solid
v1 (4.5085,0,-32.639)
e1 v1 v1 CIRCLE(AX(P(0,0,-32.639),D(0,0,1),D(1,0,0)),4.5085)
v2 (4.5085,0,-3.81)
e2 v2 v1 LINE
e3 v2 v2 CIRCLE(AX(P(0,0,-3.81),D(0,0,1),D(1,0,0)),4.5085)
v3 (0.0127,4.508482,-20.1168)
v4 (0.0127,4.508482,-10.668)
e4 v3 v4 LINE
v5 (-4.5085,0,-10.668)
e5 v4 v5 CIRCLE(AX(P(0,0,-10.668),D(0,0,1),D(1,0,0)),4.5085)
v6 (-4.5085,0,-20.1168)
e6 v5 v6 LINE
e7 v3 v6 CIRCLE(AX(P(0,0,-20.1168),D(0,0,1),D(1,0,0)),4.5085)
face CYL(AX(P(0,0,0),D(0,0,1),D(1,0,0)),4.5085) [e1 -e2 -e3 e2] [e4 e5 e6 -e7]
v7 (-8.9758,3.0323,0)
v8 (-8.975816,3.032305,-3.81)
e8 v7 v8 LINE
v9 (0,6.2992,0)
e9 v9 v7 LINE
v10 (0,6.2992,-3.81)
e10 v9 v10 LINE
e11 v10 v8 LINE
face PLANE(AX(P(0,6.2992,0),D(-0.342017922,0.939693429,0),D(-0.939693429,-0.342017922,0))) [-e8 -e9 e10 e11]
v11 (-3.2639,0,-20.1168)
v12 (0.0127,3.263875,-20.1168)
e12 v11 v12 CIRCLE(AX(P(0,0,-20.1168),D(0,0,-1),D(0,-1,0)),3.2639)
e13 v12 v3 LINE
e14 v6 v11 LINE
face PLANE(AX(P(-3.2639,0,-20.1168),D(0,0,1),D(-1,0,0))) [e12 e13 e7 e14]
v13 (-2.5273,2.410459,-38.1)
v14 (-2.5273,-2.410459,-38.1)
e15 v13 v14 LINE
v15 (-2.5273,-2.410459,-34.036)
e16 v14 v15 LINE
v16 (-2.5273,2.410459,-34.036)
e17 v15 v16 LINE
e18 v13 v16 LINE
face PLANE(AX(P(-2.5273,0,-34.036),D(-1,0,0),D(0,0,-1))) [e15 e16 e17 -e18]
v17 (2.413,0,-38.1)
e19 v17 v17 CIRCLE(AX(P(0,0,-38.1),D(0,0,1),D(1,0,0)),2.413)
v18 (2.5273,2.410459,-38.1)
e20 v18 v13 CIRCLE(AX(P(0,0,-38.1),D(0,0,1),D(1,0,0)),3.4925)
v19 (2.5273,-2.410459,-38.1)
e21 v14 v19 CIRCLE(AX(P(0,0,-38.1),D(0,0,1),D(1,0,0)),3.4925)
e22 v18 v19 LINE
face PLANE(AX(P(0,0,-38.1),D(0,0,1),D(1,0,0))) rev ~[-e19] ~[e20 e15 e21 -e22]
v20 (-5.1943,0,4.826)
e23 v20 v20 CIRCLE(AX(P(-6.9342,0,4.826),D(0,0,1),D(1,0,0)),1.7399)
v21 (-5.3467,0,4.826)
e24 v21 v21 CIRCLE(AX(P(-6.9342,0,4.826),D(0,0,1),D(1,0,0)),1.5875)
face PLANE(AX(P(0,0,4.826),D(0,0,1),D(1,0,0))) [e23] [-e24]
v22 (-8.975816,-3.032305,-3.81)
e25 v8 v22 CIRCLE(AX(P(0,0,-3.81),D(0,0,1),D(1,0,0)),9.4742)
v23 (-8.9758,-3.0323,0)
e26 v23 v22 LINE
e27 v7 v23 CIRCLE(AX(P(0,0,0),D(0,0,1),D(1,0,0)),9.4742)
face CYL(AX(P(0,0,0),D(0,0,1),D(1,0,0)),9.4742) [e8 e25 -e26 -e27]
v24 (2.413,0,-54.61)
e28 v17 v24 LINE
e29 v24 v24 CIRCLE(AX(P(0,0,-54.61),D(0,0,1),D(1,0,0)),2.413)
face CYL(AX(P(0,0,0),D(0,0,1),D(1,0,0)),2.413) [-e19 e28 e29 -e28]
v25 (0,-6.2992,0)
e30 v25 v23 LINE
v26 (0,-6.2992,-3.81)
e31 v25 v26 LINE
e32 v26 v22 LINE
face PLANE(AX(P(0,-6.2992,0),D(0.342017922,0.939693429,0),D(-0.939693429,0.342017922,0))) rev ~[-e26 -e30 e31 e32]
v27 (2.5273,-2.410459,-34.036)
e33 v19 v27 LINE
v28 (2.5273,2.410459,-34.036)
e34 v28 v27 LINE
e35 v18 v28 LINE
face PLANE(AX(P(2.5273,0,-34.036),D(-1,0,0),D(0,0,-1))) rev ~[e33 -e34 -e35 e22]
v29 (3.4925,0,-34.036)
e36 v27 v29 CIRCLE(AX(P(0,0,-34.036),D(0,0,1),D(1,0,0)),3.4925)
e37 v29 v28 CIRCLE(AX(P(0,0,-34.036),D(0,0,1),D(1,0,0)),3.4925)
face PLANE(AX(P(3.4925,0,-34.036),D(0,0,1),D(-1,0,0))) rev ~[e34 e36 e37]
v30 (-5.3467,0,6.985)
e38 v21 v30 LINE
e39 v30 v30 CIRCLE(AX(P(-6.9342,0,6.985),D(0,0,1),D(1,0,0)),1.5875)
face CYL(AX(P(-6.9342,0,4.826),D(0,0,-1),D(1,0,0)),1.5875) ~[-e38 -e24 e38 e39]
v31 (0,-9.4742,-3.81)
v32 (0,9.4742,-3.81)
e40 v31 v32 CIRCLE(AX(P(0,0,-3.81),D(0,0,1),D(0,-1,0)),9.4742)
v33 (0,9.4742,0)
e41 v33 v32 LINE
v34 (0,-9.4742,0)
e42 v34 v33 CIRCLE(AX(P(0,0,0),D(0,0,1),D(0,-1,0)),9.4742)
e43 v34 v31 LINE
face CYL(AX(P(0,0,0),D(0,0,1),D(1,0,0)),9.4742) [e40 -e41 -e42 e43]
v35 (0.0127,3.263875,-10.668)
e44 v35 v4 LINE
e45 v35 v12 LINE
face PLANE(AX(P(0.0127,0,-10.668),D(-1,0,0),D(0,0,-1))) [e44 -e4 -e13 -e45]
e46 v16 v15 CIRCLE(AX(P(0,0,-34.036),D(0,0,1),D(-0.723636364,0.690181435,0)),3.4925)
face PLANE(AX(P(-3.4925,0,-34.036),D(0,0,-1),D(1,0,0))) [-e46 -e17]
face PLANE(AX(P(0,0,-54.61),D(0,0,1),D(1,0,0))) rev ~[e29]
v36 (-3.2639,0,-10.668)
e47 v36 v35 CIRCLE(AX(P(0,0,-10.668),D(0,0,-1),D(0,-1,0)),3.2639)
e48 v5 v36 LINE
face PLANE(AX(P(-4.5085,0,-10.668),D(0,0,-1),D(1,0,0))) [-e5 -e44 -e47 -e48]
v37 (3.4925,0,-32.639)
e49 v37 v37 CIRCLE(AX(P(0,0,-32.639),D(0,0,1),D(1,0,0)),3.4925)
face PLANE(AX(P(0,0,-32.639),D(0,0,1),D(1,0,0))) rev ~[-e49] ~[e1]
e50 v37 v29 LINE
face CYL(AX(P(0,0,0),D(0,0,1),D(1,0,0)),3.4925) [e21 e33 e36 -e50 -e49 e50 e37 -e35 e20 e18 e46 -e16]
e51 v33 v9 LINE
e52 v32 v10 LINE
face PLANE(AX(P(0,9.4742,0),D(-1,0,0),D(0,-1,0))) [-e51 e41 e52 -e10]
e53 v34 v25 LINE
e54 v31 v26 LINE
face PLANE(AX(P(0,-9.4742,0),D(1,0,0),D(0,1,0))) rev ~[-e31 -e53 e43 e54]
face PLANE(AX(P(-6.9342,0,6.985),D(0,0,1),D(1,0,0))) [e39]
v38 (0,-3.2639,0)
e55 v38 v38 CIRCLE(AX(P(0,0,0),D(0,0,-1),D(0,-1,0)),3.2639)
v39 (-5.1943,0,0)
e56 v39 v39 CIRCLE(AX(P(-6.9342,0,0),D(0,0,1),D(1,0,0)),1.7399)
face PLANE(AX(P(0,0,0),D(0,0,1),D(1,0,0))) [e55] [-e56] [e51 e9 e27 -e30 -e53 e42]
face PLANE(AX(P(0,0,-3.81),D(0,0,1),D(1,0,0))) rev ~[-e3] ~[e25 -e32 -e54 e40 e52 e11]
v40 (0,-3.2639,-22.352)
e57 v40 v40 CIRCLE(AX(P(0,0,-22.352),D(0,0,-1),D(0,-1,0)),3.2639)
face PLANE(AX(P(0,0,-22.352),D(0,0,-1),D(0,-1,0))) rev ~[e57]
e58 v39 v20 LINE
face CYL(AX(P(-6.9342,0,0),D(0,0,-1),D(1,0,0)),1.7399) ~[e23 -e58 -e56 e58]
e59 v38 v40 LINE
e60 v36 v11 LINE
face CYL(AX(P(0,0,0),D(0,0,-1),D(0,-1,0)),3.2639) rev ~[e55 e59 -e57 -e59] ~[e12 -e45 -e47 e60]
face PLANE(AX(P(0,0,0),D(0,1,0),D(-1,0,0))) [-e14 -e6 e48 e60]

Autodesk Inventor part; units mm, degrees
ref_plane "YZ Plane" through (0, 0, 0) normal (1, 0, 0) x (0, 1, 0)
ref_plane "XZ Plane" through (0, 0, 0) normal (0, 1, 0) x (-1, 0, 0)
ref_plane "XY Plane" through (0, 0, 0) normal (0, 0, 1) x (1, 0, 0)
sketch "Sketch1" plane through (0, 0, 0) normal (0, 0, 1) x (1, 0, 0)
  circle A0 centre (0, 0) radius 9.4742
  dimension "d0" = 18.9484
extrude "Extrusion1" add sketch "Sketch1" against normal blind 3.81
sketch "Sketch2" plane through (0, 0, 0) normal (0, 0, 1) x (1, 0, 0)
  circle A0 centre (0, 0) radius 4.5085
  dimension "d3" = 9.017
extrude "Extrusion2" add sketch "Sketch2" against normal blind 32.639
sketch "Sketch3" plane through (0, 0, 0) normal (0, 0, 1) x (1, 0, 0)
  circle A0 centre (0, 0) radius 3.4925
  dimension "d6" = 6.985
extrude "Extrusion3" add sketch "Sketch3" against normal blind 38.1
sketch "Sketch4" plane through (0, 0, 0) normal (0, 0, 1) x (1, 0, 0)
  circle A0 centre (0, 0) radius 2.413
  dimension "d9" = 4.826
extrude "Extrusion4" add sketch "Sketch4" against normal blind 54.61
sketch "Sketch6" plane through (0, 0, 0) normal (0, 0, 1) x (1, 0, 0)
  circle A0 centre (0, 0) radius 9.4742 projected
hole "Hole1" at (0, 0, 0) direction (0, 0, -1) diameter 6.5278 depth 22.352
sketch "Sketch5" plane through (0, 0, 0) normal (0, 1, 0) x (-1, 0, 0)
  line L0 (-4.5085, -32.639) -> (4.5085, -32.639) projected
  line L1 (4.5085, -3.81) -> (-4.5085, -3.81) projected
  line L2 (-3.4925, -38.1) -> (3.4925, -38.1) projected
  line L3 (3.4925, -32.639) -> (-3.4925, -32.639) projected
  line L4 (-3.4925, -32.639) -> (-3.4925, -38.1) projected
  line L5 (-2.413, -38.1) -> (-2.413, -54.61) projected
  line L6 (3.4925, -32.639) -> (3.4925, -38.1) projected
  line L7 (4.5085, -3.81) -> (4.5085, -32.639) projected
  line L8 (-4.5085, -3.81) -> (-4.5085, -32.639) projected
  line L9 (9.4742, 0) -> (9.4742, -3.81) projected
  line L10 (-9.4742, -3.81) -> (9.4742, -3.81) projected
  line L11 (-9.4742, 0) -> (9.4742, 0) projected
  line L12 (-9.4742, 0) -> (-9.4742, -3.81) projected
  line L13 (2.413, -38.1) -> (2.413, -54.61) projected
  line L14 (-2.413, -54.61) -> (2.413, -54.61) projected
  line L15 (-3.4925, -32.639) -> (-3.4925, -34.036) construction
  line L16 (-3.4925, -38.1) -> (3.4925, -38.1) projected
  line L17 (-3.4925, -34.036) -> (-2.5273, -34.036)
  line L18 (-2.5273, -34.036) -> (-2.5273, -38.1)
  line L19 (-2.5273, -38.1) -> (-3.4925, -38.1)
  line L20 (-3.4925, -38.1) -> (-3.4925, -34.036)
  line L21 (3.4925, -34.036) -> (2.5273, -34.036)
  line L22 (2.5273, -34.036) -> (2.5273, -38.1)
  line L23 (2.5273, -38.1) -> (3.4925, -38.1)
  line L24 (3.4925, -38.1) -> (3.4925, -34.036)
  point P0 (0, 0)
  dimension "d12" = 1.397
  dimension "d13" = 0.9652
  dimension "d14" = 0.9652
extrude "Extrusion5" cut sketch "Sketch5" along normal through all both and the other way through all contours L17 L18 L2 L4 | L6 L2 L22 L21
sketch "Sketch7" plane through (0, 0, 0) normal (0, 1, 0) x (-1, 0, 0)
  line L0 (-9.4742, 0) -> (9.4742, 0) projected
  line L1 (9.4742, 0) -> (9.4742, -3.81) projected
  line L2 (4.5085, -3.81) -> (4.5085, -32.639) projected
  line L3 (3.2639, -22.352) -> (3.2639, 0) projected
  line L4 (-3.2639, -22.352) -> (-3.2639, 0) projected
  line L5 (3.2639, -22.352) -> (-3.2639, -22.352) projected
  line L6 (-4.5085, -3.81) -> (-4.5085, -32.639) projected
  line L7 (-9.4742, 0) -> (-9.4742, -3.81) projected
  line L8 (3.4925, -32.639) -> (3.4925, -34.036) projected
  line L9 (3.4925, -34.036) -> (2.5273, -34.036) projected
  line L10 (2.5273, -38.1) -> (2.5273, -34.036) projected
  line L11 (2.413, -38.1) -> (2.413, -54.61) projected
  line L12 (-2.413, -38.1) -> (-2.413, -54.61) projected
  line L13 (-2.5273, -34.036) -> (-2.5273, -38.1) projected
  line L14 (-3.4925, -32.639) -> (-3.4925, -34.036) projected
  line L15 (9.4742, 0) -> (9.4742, -10.668)
  line L16 (4.5085, -10.668) -> (-0.0127, -10.668)
  line L17 (-0.0127, -10.668) -> (-0.0127, -20.1168)
  line L18 (-0.0127, -20.1168) -> (4.5085, -20.1168)
  line L19 (4.5085, -20.1168) -> (4.5085, -10.668)
  point P0 (0, 0)
  dimension "d26" = 10.668
  dimension "d27" = 9.4488
  dimension "d42" = 4.5212
extrude "Extrusion6" cut sketch "Sketch7" along normal through all contours L16 L2 L18 L3 | L3 L18 L17 L16
sketch "Sketch9" plane through (0, 0, 0) normal (0, 0, 1) x (1, 0, 0)
  line L0 (0, 0) -> (-6.9342, 0)
  circle A0 centre (-6.9342, 0) radius 1.7399
  dimension "d35" = 6.9342
  dimension "d36" = 3.4798
extrude "Extrusion8" add sketch "Sketch9" along normal blind 4.826
sketch "Sketch10" plane through (-6.9342, 0, 4.826) normal (0, 0, 1) x (1, 0, 0)
  circle A0 centre (0, 0) radius 1.5875
  point P0 (6.9342, 0)
  dimension "d39" = 3.175
extrude "Extrusion9" add sketch "Sketch10" along normal blind 2.159
sketch "Sketch8" plane through (0, 0, 0) normal (0, 0, 1) x (1, 0, 0)
  circle A0 centre (0, 0) radius 9.4742 projected
  line L0 (0, -9.4742) -> (0, -6.2992)
  line L1 (0, -6.2992) -> (-8.9758, -3.0323)
  line L2 (0, 9.4742) -> (0, 6.2992)
  line L3 (0, 6.2992) -> (-8.9758, 3.0323)
  dimension "d30" = 3.175
  dimension "d31" = 110
  dimension "d32" = 3.175
extrude "Extrusion7" cut sketch "Sketch8" against normal through all contours L2 L3 A0 | A0 L1 L0
thread "Thread1" size "10-24 UNC" class "2A" standard "ANSI Unified Screw Threads" length 13.97
properties part number "CrankShaft"
